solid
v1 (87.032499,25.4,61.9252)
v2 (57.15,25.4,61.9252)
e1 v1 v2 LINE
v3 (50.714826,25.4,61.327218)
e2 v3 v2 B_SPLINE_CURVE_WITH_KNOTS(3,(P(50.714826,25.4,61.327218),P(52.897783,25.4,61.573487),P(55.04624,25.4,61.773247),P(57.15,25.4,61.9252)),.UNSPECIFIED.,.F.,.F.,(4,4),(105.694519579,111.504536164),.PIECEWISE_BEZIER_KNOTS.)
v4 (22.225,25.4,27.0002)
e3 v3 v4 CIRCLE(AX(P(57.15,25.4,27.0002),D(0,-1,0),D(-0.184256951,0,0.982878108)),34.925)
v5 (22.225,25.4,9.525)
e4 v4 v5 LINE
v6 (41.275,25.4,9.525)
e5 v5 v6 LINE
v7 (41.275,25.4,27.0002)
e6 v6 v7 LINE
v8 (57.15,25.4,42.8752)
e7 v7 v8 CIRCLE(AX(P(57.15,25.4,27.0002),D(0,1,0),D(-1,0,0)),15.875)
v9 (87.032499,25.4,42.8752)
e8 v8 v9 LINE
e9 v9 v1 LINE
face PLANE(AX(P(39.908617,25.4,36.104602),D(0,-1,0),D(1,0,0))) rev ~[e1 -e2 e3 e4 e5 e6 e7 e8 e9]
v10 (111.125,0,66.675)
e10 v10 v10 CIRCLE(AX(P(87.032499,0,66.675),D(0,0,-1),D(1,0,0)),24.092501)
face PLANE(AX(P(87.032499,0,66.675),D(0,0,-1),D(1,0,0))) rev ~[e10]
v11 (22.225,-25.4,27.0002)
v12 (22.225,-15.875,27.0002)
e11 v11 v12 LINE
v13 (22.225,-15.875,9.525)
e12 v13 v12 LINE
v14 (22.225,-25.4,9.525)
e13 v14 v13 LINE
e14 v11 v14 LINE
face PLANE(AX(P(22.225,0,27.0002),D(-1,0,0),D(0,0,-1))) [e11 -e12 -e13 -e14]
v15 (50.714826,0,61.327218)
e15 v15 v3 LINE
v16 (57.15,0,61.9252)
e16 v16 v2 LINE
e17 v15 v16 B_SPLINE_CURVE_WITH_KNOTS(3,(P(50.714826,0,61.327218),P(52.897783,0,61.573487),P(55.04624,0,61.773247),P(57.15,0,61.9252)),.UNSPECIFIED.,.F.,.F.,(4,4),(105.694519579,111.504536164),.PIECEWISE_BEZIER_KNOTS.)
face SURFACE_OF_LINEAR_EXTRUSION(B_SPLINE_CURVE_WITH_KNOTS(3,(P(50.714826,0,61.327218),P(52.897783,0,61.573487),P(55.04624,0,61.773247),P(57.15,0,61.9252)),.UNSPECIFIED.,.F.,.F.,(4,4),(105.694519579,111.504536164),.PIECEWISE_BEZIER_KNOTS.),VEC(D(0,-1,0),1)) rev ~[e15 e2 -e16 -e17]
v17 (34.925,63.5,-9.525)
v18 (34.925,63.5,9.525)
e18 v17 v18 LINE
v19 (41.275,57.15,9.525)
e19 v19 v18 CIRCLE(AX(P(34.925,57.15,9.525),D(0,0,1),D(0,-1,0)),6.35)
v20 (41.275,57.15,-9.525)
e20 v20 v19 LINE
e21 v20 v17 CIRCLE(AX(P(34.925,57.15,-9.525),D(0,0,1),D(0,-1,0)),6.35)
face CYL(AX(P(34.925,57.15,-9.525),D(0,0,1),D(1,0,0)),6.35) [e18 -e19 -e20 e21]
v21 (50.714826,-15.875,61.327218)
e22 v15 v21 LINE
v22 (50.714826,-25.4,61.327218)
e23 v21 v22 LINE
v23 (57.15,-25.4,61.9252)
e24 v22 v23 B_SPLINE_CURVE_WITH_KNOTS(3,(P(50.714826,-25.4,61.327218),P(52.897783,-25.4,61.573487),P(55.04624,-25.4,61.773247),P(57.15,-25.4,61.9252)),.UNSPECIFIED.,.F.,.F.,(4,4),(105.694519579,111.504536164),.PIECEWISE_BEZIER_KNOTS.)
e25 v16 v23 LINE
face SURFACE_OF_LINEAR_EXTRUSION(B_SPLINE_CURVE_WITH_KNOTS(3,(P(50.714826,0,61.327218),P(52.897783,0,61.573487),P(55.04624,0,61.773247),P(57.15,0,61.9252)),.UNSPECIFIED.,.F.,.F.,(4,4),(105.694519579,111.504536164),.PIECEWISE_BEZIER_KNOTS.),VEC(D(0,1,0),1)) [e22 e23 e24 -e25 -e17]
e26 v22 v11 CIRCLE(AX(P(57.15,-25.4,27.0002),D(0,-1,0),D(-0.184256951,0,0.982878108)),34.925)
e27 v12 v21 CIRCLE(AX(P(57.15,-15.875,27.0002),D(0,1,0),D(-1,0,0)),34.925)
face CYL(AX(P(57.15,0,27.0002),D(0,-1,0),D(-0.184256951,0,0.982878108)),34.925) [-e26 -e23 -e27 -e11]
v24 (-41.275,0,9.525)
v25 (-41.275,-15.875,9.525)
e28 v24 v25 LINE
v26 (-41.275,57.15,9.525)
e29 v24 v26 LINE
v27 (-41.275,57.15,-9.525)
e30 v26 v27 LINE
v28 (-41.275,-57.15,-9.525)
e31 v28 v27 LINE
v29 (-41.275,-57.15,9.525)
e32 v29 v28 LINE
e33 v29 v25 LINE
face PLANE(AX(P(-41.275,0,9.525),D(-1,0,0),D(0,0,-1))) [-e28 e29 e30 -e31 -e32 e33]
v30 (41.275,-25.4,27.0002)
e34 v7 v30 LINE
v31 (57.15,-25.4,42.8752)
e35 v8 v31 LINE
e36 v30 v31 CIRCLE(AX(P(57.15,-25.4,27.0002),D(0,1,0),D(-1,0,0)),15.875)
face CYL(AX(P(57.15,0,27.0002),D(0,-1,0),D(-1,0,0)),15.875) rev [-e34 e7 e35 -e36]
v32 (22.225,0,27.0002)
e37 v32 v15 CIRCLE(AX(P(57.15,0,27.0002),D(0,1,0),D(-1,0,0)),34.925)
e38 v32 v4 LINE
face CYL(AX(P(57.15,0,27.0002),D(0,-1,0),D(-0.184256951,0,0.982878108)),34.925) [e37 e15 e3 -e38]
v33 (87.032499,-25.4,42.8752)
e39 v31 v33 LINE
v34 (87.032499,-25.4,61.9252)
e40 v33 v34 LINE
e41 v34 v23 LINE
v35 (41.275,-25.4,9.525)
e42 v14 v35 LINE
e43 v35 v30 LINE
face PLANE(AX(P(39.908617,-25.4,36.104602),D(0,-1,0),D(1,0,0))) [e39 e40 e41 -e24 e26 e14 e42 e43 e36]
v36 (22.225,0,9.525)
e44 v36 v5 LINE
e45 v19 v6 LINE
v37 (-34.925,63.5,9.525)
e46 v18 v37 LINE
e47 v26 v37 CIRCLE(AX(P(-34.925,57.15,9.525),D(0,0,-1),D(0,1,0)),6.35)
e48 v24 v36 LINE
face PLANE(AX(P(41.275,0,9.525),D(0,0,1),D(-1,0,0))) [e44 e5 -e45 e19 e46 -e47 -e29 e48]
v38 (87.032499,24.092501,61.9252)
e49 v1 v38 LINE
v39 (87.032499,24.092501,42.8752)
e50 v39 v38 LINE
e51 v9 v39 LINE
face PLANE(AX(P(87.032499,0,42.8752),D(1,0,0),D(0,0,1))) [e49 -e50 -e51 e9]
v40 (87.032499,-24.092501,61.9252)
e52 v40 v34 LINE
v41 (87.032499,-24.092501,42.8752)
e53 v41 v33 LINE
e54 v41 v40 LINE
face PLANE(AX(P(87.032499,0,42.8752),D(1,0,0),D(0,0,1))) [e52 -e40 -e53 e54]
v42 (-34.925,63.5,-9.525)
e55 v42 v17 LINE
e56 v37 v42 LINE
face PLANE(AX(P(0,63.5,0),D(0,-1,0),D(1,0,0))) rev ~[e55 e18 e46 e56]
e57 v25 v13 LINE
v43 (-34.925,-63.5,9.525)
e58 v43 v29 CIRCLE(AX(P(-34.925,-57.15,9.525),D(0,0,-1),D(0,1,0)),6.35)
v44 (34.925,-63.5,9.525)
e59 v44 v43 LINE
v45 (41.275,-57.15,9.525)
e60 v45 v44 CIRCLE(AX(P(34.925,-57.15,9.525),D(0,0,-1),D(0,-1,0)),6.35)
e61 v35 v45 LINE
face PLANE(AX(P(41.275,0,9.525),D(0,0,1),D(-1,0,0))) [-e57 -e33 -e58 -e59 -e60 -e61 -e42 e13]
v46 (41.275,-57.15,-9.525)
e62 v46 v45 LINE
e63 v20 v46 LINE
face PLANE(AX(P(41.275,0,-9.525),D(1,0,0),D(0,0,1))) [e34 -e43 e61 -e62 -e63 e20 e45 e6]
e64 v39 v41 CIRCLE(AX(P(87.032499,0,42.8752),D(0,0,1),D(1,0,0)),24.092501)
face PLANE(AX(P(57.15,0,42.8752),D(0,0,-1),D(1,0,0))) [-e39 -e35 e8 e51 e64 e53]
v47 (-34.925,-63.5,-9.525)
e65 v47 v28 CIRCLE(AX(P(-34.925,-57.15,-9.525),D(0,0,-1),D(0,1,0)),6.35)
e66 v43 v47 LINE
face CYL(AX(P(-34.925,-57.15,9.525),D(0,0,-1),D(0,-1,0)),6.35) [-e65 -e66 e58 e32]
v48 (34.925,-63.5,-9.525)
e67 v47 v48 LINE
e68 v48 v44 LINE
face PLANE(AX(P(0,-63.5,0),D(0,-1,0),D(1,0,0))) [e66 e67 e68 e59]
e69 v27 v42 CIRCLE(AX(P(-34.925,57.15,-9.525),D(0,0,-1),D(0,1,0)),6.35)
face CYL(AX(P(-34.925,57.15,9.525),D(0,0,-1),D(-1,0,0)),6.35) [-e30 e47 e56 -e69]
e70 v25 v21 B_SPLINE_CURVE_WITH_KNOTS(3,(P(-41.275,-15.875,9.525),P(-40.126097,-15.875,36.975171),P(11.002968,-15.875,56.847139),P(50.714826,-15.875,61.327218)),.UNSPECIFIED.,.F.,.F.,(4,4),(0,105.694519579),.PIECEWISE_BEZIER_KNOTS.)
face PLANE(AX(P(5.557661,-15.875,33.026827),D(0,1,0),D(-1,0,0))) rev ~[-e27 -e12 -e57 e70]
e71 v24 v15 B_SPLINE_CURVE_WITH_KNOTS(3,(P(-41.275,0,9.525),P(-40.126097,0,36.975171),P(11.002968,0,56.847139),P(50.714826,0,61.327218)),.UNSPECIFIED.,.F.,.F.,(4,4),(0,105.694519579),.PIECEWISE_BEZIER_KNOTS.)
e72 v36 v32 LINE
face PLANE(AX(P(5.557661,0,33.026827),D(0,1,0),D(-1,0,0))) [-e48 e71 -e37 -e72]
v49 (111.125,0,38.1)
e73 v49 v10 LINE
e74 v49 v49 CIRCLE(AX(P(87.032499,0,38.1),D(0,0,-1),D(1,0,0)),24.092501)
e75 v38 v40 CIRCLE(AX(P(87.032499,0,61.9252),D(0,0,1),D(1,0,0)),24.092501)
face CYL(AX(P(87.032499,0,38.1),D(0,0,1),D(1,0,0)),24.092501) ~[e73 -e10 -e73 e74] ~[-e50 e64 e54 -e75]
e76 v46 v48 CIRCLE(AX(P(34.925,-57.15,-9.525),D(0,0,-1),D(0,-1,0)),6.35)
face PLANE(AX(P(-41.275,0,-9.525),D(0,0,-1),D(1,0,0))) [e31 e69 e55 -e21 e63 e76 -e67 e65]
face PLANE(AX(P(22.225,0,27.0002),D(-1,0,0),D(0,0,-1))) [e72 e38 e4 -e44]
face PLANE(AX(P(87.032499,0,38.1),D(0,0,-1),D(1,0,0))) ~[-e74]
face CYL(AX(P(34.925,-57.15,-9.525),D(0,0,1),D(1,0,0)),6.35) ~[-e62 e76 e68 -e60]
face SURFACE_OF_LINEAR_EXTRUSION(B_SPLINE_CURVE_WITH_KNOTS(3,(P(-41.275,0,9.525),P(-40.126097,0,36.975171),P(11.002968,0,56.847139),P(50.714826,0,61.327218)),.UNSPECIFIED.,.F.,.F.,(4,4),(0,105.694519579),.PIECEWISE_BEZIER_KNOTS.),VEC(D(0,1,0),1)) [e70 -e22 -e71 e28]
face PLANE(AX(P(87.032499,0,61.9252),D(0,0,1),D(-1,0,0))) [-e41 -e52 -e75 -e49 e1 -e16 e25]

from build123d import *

# Parameters (mm, degrees)
F1_DEPTH = 63.5
F0_W     = 26.7074994694
F0_H     = 19.05
F2_DEPTH = 25.4
F3_DEPTH = 15.875
F5_R     = 6.35


with BuildPart() as f1:
    # F0 (on Front) → F1 (new body, symmetric)
    with BuildSketch(Plane.XZ):
        Polygon((-41.275, -9.525), (41.275, -9.525), (41.275, 9.525), (22.225, 9.525), (-41.275, 9.525), align=None)
    extrude(amount=F1_DEPTH, both=True)

    # F0 (on Front) → F2 (join, symmetric)
    with BuildSketch(Plane.XZ):
        with BuildLine():
            Line((22.225, 9.525), (41.275, 9.525))
            Line((41.275, 9.525), (41.275, 27.0002))
            ThreePointArc((41.275, 27.0002), (45.9246798487, 38.2255201513), (57.15, 42.8752))
            Line((57.15, 42.8752), (60.325, 42.8752))
            Line((60.325, 42.8752), (60.325, 61.9252))
            Line((60.325, 61.9252), (57.15, 61.9252))
            add(Edge.make_bspline(
                [(50.7148259904, 61.3272179373), (52.8977826503, 61.5734874191), (55.0462400607, 61.7732473961), (57.15, 61.9252)],
                knots=[105.6945195788, 105.6945195788, 105.6945195788, 105.6945195788, 111.5045361635, 111.5045361635, 111.5045361635, 111.5045361635], degree=3))
            ThreePointArc((50.7148259904, 61.3272179373), (30.2752527706, 49.3049884177), (22.225, 27.0002))
            Line((22.225, 27.0002), (22.225, 9.525))
        make_face()
        with Locations((73.6787497347, 52.4002)):
            Rectangle(F0_W, F0_H)
    extrude(amount=F2_DEPTH, both=True)

    # F0 (on Front) → F3 (join)
    with BuildSketch(Plane.XZ):
        with BuildLine():
            add(Edge.make_bspline(
                [(-41.275, 9.525), (-40.1260967037, 36.9751709766), (11.0029676748, 56.8471387181), (50.7148259904, 61.3272179373)],
                knots=[0, 0, 0, 0, 105.6945195788, 105.6945195788, 105.6945195788, 105.6945195788], degree=3))
            Line((-41.275, 9.525), (22.225, 9.525))
            Line((22.225, 9.525), (22.225, 27.0002))
            ThreePointArc((22.225, 27.0002), (30.2752527706, 49.3049884177), (50.7148259904, 61.3272179373))
        make_face()
    extrude(amount=F3_DEPTH)

    # F0 (on Front) → F4 (revolve)
    with BuildSketch(Plane.XZ):
        Polygon((87.0324994694, 61.9252), (87.0324994694, 42.8752), (87.0324994694, 38.1), (111.125, 38.1), (111.125, 66.675), (87.0324994694, 66.675), align=None)
    revolve(axis=Axis((87.0324994694, 0, 52.3875), (0, 0, -1)))

    # F5
    f5_edges = [f1.edges().sort_by_distance(p)[0] for p in [
        (41.275, -63.5, 0),
        (-41.275, -63.5, 0),
        (41.275, 63.5, 0),
        (-41.275, 63.5, 0),
    ]]
    fillet(f5_edges, radius=F5_R)


solid = f1.part
